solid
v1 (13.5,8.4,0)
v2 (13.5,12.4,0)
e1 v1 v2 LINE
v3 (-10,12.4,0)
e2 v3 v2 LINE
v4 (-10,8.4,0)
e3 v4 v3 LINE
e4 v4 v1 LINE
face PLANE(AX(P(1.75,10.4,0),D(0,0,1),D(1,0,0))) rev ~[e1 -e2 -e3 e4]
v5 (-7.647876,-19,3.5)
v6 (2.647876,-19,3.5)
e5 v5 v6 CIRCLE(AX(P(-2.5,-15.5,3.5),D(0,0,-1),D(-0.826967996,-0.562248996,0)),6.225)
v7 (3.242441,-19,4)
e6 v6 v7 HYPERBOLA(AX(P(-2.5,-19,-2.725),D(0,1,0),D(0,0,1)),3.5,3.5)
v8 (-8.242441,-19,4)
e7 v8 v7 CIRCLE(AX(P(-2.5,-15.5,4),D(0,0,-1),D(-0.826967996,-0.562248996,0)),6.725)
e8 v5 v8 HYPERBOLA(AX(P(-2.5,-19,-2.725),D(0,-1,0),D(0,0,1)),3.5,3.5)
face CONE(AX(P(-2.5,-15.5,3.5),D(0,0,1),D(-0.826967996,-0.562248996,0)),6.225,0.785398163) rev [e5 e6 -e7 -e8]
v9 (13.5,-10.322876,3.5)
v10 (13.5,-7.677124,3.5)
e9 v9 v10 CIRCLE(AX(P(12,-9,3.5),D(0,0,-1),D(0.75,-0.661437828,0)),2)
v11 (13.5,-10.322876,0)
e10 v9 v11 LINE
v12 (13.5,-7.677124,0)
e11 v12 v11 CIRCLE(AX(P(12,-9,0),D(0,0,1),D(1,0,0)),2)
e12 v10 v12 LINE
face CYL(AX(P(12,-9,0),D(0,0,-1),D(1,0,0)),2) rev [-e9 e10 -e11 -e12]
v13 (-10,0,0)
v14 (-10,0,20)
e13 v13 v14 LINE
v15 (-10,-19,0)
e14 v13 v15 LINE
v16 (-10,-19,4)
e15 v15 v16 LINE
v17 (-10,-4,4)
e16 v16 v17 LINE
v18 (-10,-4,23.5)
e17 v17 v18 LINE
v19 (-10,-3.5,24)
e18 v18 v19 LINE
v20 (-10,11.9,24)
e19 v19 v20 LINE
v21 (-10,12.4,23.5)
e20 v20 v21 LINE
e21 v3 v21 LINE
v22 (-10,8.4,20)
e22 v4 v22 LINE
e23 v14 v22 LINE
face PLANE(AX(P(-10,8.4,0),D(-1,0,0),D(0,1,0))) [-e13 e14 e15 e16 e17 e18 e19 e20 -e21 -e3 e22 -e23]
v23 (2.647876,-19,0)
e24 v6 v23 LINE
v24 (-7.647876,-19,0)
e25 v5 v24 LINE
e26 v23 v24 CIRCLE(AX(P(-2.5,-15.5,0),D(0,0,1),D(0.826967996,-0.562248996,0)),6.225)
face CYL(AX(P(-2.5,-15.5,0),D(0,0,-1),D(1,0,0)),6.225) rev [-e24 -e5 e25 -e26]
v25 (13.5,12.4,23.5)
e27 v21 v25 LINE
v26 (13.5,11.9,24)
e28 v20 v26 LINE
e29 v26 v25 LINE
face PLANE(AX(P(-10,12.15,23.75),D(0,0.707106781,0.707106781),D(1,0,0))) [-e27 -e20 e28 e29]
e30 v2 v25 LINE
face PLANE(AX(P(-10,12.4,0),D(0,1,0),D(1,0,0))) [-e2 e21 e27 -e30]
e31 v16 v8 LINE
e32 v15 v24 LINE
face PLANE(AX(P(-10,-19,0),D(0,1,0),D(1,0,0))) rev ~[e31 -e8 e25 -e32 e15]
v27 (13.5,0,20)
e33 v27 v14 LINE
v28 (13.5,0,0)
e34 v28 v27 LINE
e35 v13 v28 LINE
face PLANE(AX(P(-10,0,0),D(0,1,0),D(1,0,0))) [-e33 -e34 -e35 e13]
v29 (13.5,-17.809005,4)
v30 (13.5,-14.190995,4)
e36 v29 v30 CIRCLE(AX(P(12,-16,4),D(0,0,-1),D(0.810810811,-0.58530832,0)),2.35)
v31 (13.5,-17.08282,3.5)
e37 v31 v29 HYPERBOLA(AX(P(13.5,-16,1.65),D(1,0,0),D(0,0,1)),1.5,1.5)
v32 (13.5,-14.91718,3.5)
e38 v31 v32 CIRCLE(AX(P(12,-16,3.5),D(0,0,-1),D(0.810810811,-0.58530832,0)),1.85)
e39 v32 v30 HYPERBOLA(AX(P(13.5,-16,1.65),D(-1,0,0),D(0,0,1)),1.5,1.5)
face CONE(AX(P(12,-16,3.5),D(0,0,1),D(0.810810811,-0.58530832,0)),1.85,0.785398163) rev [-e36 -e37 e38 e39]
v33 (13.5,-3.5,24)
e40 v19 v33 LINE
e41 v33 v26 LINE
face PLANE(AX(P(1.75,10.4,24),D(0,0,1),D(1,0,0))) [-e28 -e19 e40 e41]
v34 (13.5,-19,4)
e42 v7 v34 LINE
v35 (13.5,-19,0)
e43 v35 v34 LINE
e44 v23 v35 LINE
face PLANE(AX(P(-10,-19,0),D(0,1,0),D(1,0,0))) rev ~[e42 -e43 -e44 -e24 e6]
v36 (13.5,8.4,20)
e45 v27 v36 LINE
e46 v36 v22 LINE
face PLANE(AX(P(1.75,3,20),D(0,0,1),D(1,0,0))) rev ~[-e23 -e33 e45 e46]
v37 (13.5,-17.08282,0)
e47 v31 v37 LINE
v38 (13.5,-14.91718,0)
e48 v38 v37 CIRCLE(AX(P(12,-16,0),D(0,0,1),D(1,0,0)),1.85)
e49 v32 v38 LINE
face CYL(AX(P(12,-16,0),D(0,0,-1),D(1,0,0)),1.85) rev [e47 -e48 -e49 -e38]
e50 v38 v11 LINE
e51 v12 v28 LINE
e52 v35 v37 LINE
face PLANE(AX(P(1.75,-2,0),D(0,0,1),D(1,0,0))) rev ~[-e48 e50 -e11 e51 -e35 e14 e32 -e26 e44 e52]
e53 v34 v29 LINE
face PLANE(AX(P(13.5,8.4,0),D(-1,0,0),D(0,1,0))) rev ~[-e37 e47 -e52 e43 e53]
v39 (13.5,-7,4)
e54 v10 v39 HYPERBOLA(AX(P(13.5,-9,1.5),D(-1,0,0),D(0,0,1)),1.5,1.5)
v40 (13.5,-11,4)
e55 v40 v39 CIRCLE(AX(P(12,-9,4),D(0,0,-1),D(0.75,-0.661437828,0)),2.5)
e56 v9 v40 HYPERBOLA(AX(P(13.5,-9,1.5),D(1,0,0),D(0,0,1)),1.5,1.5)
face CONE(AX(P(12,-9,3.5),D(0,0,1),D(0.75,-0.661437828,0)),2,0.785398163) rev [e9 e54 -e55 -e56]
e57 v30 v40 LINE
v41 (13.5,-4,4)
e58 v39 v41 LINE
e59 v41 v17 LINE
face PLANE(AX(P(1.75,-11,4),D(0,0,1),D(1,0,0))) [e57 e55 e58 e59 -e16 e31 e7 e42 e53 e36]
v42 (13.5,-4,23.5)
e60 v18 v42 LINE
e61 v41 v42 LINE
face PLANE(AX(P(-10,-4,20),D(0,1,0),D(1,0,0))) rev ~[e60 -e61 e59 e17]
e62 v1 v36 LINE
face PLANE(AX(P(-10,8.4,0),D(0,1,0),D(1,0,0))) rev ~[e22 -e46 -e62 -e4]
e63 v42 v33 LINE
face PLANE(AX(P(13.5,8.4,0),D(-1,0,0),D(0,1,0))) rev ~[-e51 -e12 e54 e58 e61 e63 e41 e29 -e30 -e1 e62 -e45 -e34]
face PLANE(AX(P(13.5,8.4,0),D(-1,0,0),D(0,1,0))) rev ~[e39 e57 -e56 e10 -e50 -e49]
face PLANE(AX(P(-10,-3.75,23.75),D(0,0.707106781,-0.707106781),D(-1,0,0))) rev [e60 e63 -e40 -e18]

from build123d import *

# Parameters (mm, degrees)
BOX_W             = 31
BOX_H             = 8.4
BOX_DEPTH         = 20
CYLINDER_R        = 6.225
CYLINDER_DEPTH    = 10
CYLINDER001_R     = 2
CYLINDER001_DEPTH = 10
CYLINDER002_R     = 1.85
CYLINDER002_DEPTH = 10
BOX003_W          = 23.5
BOX003_H          = 4
BOX003_DEPTH      = 24
BOX002_W          = 23.5
BOX002_H          = 16
BOX002_DEPTH      = 4
BOX001_W          = 23.5
BOX001_H          = 4
BOX001_DEPTH      = 24
BOX004_W          = 23.5
BOX004_H          = 14
BOX004_DEPTH      = 4
CHAMFER_SIZE      = 0.5
CHAMFER001_SIZE   = 0.5


with BuildPart() as glass:
    # Box → Box (new body)
    with BuildSketch(Plane(origin=(-10, 0, 0), x_dir=(1, 0, 0), z_dir=(0, 0, 1))):
        with Locations((15.5, 4.2)):
            Rectangle(BOX_W, BOX_H)
    extrude(amount=BOX_DEPTH)


with BuildPart() as ph_tube:
    # Cylinder → Cylinder (new body)
    with BuildSketch(Plane(origin=(-2.5, -15.5, 0), x_dir=(1, 0, 0), z_dir=(0, 0, 1))):
        Circle(CYLINDER_R)
    extrude(amount=CYLINDER_DEPTH)


with BuildPart() as temp_tube:
    # Cylinder001 → Cylinder001 (new body)
    with BuildSketch(Plane(origin=(12, -9, 0), x_dir=(1, 0, 0), z_dir=(0, 0, 1))):
        Circle(CYLINDER001_R)
    extrude(amount=CYLINDER001_DEPTH)


with BuildPart() as tds_tube:
    # Cylinder002 → Cylinder002 (new body)
    with BuildSketch(Plane(origin=(12, -16, 0), x_dir=(1, 0, 0), z_dir=(0, 0, 1))):
        Circle(CYLINDER002_R)
    extrude(amount=CYLINDER002_DEPTH)


with BuildPart() as back:
    # Box003 → Box003 (new body)
    with BuildSketch(Plane(origin=(-10, 8.4, 0), x_dir=(1, 0, 0), z_dir=(0, 0, 1))):
        with Locations((11.75, 2)):
            Rectangle(BOX003_W, BOX003_H)
    extrude(amount=BOX003_DEPTH)


with BuildPart() as bottom:
    # Box002 → Box002 (new body)
    with BuildSketch(Plane(origin=(-10, -19, 0), x_dir=(1, 0, 0), z_dir=(0, 0, 1))):
        with Locations((11.75, 8)):
            Rectangle(BOX002_W, BOX002_H)
    extrude(amount=BOX002_DEPTH)


with BuildPart() as front:
    # Box001 → Box001 (new body)
    with BuildSketch(Plane(origin=(-10, -4, 0), x_dir=(1, 0, 0), z_dir=(0, 0, 1))):
        with Locations((11.75, 2)):
            Rectangle(BOX001_W, BOX001_H)
    extrude(amount=BOX001_DEPTH)


with BuildPart() as chamfer001:
    # Box004 → Box004 (new body)
    with BuildSketch(Plane(origin=(-10, -4, 20), x_dir=(1, 0, 0), z_dir=(0, 0, 1))):
        with Locations((11.75, 7)):
            Rectangle(BOX004_W, BOX004_H)
    extrude(amount=BOX004_DEPTH)

    # Fusion: union Back, Bottom, Front
    add(back.part)
    add(bottom.part)
    add(front.part)

    # Cut: cut TDS_tube
    add(tds_tube.part, mode=Mode.SUBTRACT)

    # Cut001: cut Temp_tube
    add(temp_tube.part, mode=Mode.SUBTRACT)

    # Cut002: cut pH_tube
    add(ph_tube.part, mode=Mode.SUBTRACT)

    # Cut003: cut Glass
    add(glass.part, mode=Mode.SUBTRACT)

    # Chamfer
    chamfer_edges = [chamfer001.edges().sort_by_distance(p)[0] for p in [
        (10, -9, 4),
        (10.15, -16, 4),
        (3.449628, -17.330997, 4),
        (-4.330997, -9.550372, 4),
    ]]
    chamfer(chamfer_edges, length=CHAMFER_SIZE)

    # Chamfer001
    chamfer001_edges = [chamfer001.edges().sort_by_distance(p)[0] for p in [
        (1.75, -4, 24),
        (1.75, 12.4, 24),
    ]]
    chamfer(chamfer001_edges, length=CHAMFER001_SIZE)


solid = chamfer001.part
